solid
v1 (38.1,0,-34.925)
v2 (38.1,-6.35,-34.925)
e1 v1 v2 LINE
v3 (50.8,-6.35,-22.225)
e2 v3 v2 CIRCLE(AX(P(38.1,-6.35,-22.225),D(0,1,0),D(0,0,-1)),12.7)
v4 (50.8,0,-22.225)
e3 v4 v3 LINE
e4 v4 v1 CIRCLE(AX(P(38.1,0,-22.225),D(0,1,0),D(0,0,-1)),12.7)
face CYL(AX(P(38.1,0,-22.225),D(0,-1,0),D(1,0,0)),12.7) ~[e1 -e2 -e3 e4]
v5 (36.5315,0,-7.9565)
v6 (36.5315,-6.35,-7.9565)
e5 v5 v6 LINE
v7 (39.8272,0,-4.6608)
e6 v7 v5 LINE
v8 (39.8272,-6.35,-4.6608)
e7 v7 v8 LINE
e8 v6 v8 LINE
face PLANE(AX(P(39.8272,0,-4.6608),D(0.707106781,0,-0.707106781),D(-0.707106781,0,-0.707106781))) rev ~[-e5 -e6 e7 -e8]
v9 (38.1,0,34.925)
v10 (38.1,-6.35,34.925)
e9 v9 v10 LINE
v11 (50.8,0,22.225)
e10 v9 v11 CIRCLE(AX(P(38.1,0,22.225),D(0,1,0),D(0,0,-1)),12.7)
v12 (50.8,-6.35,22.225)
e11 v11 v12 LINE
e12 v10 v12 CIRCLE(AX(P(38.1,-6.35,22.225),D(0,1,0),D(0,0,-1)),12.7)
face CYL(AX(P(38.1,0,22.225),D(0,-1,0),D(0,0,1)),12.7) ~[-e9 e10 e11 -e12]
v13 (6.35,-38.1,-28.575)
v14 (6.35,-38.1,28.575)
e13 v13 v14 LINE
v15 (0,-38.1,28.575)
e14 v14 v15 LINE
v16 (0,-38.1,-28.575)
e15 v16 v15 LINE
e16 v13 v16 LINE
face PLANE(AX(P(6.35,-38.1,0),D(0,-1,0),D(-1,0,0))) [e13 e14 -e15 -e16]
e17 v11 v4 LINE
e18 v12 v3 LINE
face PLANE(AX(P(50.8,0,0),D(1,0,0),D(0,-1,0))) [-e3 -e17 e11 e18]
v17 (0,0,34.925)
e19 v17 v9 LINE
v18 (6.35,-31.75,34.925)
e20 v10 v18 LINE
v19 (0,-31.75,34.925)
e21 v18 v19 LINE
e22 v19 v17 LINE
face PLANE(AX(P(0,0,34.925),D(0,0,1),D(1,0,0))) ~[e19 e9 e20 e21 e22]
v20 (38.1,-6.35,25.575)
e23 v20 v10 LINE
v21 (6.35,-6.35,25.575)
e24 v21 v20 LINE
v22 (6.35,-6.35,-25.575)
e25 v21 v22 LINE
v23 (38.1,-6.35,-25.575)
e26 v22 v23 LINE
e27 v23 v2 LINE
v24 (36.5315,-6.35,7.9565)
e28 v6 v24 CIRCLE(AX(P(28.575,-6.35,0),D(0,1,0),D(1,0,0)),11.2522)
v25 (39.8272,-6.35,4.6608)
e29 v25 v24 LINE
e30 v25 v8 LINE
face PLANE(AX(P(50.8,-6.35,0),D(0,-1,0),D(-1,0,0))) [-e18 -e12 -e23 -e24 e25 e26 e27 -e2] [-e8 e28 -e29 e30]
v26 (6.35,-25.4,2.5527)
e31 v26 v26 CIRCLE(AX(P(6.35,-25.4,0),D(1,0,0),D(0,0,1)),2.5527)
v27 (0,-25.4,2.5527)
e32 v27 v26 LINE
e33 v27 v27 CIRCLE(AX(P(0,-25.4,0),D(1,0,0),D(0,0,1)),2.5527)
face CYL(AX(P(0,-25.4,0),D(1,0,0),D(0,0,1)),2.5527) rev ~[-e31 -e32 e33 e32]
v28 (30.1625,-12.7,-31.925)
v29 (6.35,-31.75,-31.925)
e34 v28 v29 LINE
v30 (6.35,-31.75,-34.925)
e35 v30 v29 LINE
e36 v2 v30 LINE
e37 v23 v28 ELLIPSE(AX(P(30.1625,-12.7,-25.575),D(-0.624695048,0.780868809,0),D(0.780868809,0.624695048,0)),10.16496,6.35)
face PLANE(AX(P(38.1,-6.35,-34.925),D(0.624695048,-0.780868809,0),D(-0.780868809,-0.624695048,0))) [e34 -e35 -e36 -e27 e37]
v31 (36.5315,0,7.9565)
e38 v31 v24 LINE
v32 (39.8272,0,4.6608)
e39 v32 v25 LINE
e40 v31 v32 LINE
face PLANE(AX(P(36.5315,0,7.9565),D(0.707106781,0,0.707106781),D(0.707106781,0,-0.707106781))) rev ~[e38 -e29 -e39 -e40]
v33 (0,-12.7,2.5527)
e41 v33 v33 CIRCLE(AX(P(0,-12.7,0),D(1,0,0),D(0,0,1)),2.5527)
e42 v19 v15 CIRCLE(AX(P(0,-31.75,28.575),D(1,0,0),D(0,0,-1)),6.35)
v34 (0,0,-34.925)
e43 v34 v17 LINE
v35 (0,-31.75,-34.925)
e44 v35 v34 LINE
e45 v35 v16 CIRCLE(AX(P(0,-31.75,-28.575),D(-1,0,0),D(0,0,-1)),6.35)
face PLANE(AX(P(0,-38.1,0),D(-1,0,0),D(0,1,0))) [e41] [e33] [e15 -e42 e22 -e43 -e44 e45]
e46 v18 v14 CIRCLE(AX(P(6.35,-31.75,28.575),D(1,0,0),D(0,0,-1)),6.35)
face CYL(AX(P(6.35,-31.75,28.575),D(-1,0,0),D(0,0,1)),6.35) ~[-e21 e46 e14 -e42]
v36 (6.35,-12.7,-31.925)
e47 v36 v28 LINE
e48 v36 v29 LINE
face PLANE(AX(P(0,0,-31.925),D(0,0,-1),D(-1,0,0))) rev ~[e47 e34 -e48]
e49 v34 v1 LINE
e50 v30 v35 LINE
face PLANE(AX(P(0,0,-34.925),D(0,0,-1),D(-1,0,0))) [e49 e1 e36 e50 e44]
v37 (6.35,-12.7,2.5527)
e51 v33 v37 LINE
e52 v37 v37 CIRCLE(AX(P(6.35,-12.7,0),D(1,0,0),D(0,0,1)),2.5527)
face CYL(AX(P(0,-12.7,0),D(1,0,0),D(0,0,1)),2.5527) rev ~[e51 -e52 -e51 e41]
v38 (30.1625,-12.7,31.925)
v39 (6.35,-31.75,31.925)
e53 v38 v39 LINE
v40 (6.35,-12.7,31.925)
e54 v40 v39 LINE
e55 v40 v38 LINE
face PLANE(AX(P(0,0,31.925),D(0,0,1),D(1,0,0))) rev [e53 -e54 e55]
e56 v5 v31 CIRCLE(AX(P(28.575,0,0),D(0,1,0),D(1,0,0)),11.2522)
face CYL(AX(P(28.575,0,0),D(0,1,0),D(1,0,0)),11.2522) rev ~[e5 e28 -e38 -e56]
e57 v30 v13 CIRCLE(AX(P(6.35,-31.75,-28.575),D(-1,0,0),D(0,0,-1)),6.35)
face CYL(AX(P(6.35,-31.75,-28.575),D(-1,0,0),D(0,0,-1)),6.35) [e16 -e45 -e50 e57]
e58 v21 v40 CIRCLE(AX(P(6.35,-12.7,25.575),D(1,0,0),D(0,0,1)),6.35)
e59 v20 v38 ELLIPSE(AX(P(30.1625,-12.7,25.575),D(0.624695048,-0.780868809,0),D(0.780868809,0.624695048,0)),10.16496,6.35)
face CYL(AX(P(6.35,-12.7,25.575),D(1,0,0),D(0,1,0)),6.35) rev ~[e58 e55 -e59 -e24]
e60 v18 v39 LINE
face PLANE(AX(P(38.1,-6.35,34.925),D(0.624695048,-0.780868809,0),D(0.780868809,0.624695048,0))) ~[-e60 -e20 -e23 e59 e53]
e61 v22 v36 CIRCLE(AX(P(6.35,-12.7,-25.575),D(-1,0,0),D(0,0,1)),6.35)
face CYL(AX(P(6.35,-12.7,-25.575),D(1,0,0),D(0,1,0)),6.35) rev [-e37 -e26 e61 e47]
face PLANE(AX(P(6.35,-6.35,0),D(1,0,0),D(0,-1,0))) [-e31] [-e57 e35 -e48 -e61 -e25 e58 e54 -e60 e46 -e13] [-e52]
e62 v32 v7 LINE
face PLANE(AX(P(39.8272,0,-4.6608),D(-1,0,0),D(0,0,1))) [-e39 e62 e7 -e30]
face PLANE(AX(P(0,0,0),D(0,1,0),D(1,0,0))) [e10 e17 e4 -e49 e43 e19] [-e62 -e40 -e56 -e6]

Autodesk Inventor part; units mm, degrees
ref_plane "YZ Plane" through (0, 0, 0) normal (1, 0, 0) x (0, 1, 0)
ref_plane "XZ Plane" through (0, 0, 0) normal (0, 1, 0) x (-1, 0, 0)
ref_plane "XY Plane" through (0, 0, 0) normal (0, 0, 1) x (1, 0, 0)
sketch "Sketch1" plane through (0, 0, 0) normal (0, 0, 1) x (1, 0, 0)
  line L0 (0, 0) -> (50.8, 0)
  line L1 (50.8, 0) -> (50.8, -6.35)
  line L2 (50.8, -6.35) -> (6.35, -6.35)
  line L3 (6.35, -6.35) -> (6.35, -38.1)
  line L4 (6.35, -38.1) -> (0, -38.1)
  line L5 (0, -38.1) -> (0, 0)
  dimension "d0" = 50.8
  dimension "d1" = 38.1
  dimension "d2" = 6.35
  dimension "d3" = 6.35
extrude "Extrusion1" add sketch "Sketch1" along normal mid plane 69.85
sketch "Sketch2" plane through (0, 0, 34.925) normal (0, 1, 0) x (1, 0, 0)
  line L0 (0, 69.85) -> (0, 0) construction
  line L1 (50.8, 0) -> (0, 0) construction
  line L2 (50.8, 69.85) -> (50.8, 0) construction
  line L3 (0, 69.85) -> (50.8, 69.85) construction
  circle A0 centre (28.575, 34.925) radius 11.2522
  line L4 (0, 0) -> (0, 69.85) construction
  line L5 (6.35, 69.85) -> (6.35, 0) construction
  line L6 (6.35, 69.85) -> (6.35, 0) construction
  line L7 (6.35, 69.85) -> (6.35, 0) construction
  line L8 (6.35, 69.85) -> (50.8, 69.85) construction
  line L9 (41.525, 36.525) -> (41.525, 33.325) construction
  line L10 (41.525, 36.525) -> (39.7129, 36.525) construction
  line L11 (41.525, 33.325) -> (39.7129, 33.325) construction
  line L12 (36.5315, 26.9685) -> (44.488, 34.925)
  line L13 (44.488, 34.925) -> (36.5315, 42.8815)
  line L14 (36.5315, 42.8815) -> (39.8272, 42.8815)
  line L15 (39.8272, 42.8815) -> (39.8272, 26.9685)
  line L16 (39.8272, 26.9685) -> (36.5315, 26.9685)
  line L17 (36.5315, 26.9685) -> (36.5315, 42.8815) construction
  point P0 (0, 34.925)
  point P1 (0, 34.925)
  point P2 (28.575, 69.85)
  point P3 (41.525, 34.925)
  point P4 (39.8272, 34.925)
  point P5 (39.8272, 39.5858)
  point P6 (39.8272, 30.2642)
  dimension "d6" = 22.5044
  dimension "d16" = 3.2
  dimension "d17" = 12.95
sketch "Sketch3" plane through (0, -38.1, 34.925) normal (-1, 0, 0) x (0, 0, 1)
  line L0 (0, 0) -> (-69.85, 0) construction
  line L1 (0, 38.1) -> (0, 0) construction
  line L2 (-69.85, 38.1) -> (0, 38.1) construction
  line L3 (-69.85, 0) -> (-69.85, 38.1) construction
  line L4 (-9.525, 25.4) -> (-60.325, 25.4) construction
  line L5 (-60.325, 25.4) -> (-60.325, 12.7) construction
  line L6 (-60.325, 12.7) -> (-9.525, 12.7) construction
  line L7 (-9.525, 12.7) -> (-9.525, 25.4) construction
  line L8 (-9.525, 25.4) -> (-60.325, 12.7) construction
  line L9 (-60.325, 25.4) -> (-9.525, 12.7) construction
  point P0 (-34.925, 38.1)
  point P1 (-34.925, 19.05)
  point P2 (-34.925, 38.1)
  point P3 (0, 19.05)
  point P4 (-34.925, 12.7)
  point P5 (-34.925, 25.4)
  dimension "d7" = 50.8
  dimension "d8" = 12.7
hole "Hole1" at (0, -12.7, -25.4) at (0, -25.4, -25.4) at (0, -25.4, 25.4) at (0, -12.7, 25.4) direction (1, 0, 0) diameter 5.1054 end through all clearance for "Flat Head Machine Screw (82)" size "#10" standard "Ansi Unified Screw Threads"
extrude "Extrusion2" cut sketch "Sketch2" against normal through all contours A0 | L15 L12 A0 | A0 L13 L15
fillet "Fillet1" [suppressed]
fillet "Fillet2" radius 12.7 2 edges at (50.8, -3.175, -34.925) (50.8, -3.175, 34.925)
fillet "Fillet3" radius 6.35 2 edges at (3.175, -38.1, -34.925) (3.175, -38.1, 34.925)
sketch "Sketch5" plane through (0, 0, -34.925) normal (0, 0, -1) x (-1, 0, 0)
  line L0 (0, -31.75) -> (-6.35, -31.75) construction
  line L1 (0, -31.75) -> (0, 0) construction
  line L2 (0, 0) -> (-38.1, 0) construction
  line L3 (-38.1, -6.35) -> (-38.1, 0) construction
  line L4 (-38.1, -6.35) -> (-6.35, -6.35) construction
  line L5 (-6.35, -6.35) -> (-6.35, -31.75) construction
  line L6 (-38.1, -6.35) -> (-6.35, -31.75)
  line L7 (-6.35, -6.35) -> (-6.35, -31.75)
  line L8 (-6.35, -27.9527) -> (-6.35, -22.8473) construction
  line L9 (-6.35, -6.35) -> (-38.1, -6.35)
  line L10 (-17.3228, -6.35) -> (-17.3228, -6.35) construction
  point P0 (-36.5315, -6.35)
extrude "Extrusion3" add sketch "Sketch5" against normal blind 3
mirror "Mirror1" about plane through (0, 0, 0) normal (0, 0, 1) of "Extrusion3"
fillet "Fillet4" radius 6.35 2 edges at (22.225, -6.35, 31.925) (22.225, -6.35, -31.925)
sketch "Sketch6" plane through (6.35, -38.1, 28.575) normal (1, 0, 0) x (0, 0, -1)
  line L0 (43.4887, 15.24) -> (13.6613, 15.24) construction
  line L1 (13.6613, 15.24) -> (13.6613, 22.86) construction
  line L2 (13.6613, 22.86) -> (43.4887, 22.86) construction
  line L3 (43.4887, 22.86) -> (43.4887, 15.24) construction
  line L4 (50.8, 38.1) -> (6.35, 38.1) construction
  circle A0 centre (3.175, 25.4) radius 2.5527 construction
  circle A1 centre (3.175, 12.7) radius 2.5527 construction
  line L5 (3.175, 25.4) -> (3.175, 12.7) construction
  point P0 (28.575, 38.1)
  point P1 (28.575, 15.24)
  point P2 (28.575, 38.1)
  point P3 (43.4887, 19.05)
  point P4 (3.175, 19.05)
  point P5 (13.6613, 19.05)
  point P6 (28.575, 22.86)
  point P7 (28.575, 38.1)
  dimension "d0" = 50.8
  dimension "d1" = 38.1
  dimension "d2" = 6.35
  dimension "d3" = 6.35
  dimension "d29" = 7.62
  dimension "d30" = 29.8274
extrude "Extrusion4" [suppressed]
sketch "Sketch7" plane through (6.35, -38.1, 28.575) normal (1, 0, 0) x (0, 0, -1)
  point P0 (28.575, 38.1)
sketch "Sketch8" plane through (0, 0, -34.925) normal (-1, 0, 0) x (0, 0, 1)
  arc A0 (0, -31.75) -> (6.35, -38.1) centre (6.35, -31.75) ccw construction
  line L0 (0, -31.75) -> (0, 0) construction
  line L1 (0, 0) -> (69.85, 0) construction
  line L2 (69.85, 0) -> (69.85, -31.75) construction
  arc A1 (63.5, -38.1) -> (69.85, -31.75) centre (63.5, -31.75) ccw construction
  line L3 (63.5, -38.1) -> (6.35, -38.1) construction
  circle A2 centre (60.325, -25.4) radius 2.5527 projected
  circle A3 centre (9.525, -12.7) radius 2.5527 projected
  circle A4 centre (9.525, -25.4) radius 2.5527 projected
  circle A5 centre (60.325, -12.7) radius 2.5527 projected
  line L4 (60.325, -25.4) -> (9.525, -25.4) construction
  line L5 (9.525, -25.4) -> (9.525, -12.7) construction
  line L6 (9.525, -12.7) -> (60.325, -12.7) construction
  line L7 (60.325, -12.7) -> (60.325, -25.4) construction
  point P0 (34.925, 0)
  point P1 (34.925, -25.4)
  point P2 (34.925, -12.7)
hole "Hole2" at (0, -25.4, 0) at (0, -12.7, 0) direction (1, 0, 0) diameter 5.1054 end through all clearance for "Flat Head Machine Screw (82)" size "#10" standard "Ansi Unified Screw Threads"
extrude "Extrusion5" add sketch "Sketch8" against normal up to surface (6.35 mm away)
properties part number "rsl mount" material "ABS Plastic"
